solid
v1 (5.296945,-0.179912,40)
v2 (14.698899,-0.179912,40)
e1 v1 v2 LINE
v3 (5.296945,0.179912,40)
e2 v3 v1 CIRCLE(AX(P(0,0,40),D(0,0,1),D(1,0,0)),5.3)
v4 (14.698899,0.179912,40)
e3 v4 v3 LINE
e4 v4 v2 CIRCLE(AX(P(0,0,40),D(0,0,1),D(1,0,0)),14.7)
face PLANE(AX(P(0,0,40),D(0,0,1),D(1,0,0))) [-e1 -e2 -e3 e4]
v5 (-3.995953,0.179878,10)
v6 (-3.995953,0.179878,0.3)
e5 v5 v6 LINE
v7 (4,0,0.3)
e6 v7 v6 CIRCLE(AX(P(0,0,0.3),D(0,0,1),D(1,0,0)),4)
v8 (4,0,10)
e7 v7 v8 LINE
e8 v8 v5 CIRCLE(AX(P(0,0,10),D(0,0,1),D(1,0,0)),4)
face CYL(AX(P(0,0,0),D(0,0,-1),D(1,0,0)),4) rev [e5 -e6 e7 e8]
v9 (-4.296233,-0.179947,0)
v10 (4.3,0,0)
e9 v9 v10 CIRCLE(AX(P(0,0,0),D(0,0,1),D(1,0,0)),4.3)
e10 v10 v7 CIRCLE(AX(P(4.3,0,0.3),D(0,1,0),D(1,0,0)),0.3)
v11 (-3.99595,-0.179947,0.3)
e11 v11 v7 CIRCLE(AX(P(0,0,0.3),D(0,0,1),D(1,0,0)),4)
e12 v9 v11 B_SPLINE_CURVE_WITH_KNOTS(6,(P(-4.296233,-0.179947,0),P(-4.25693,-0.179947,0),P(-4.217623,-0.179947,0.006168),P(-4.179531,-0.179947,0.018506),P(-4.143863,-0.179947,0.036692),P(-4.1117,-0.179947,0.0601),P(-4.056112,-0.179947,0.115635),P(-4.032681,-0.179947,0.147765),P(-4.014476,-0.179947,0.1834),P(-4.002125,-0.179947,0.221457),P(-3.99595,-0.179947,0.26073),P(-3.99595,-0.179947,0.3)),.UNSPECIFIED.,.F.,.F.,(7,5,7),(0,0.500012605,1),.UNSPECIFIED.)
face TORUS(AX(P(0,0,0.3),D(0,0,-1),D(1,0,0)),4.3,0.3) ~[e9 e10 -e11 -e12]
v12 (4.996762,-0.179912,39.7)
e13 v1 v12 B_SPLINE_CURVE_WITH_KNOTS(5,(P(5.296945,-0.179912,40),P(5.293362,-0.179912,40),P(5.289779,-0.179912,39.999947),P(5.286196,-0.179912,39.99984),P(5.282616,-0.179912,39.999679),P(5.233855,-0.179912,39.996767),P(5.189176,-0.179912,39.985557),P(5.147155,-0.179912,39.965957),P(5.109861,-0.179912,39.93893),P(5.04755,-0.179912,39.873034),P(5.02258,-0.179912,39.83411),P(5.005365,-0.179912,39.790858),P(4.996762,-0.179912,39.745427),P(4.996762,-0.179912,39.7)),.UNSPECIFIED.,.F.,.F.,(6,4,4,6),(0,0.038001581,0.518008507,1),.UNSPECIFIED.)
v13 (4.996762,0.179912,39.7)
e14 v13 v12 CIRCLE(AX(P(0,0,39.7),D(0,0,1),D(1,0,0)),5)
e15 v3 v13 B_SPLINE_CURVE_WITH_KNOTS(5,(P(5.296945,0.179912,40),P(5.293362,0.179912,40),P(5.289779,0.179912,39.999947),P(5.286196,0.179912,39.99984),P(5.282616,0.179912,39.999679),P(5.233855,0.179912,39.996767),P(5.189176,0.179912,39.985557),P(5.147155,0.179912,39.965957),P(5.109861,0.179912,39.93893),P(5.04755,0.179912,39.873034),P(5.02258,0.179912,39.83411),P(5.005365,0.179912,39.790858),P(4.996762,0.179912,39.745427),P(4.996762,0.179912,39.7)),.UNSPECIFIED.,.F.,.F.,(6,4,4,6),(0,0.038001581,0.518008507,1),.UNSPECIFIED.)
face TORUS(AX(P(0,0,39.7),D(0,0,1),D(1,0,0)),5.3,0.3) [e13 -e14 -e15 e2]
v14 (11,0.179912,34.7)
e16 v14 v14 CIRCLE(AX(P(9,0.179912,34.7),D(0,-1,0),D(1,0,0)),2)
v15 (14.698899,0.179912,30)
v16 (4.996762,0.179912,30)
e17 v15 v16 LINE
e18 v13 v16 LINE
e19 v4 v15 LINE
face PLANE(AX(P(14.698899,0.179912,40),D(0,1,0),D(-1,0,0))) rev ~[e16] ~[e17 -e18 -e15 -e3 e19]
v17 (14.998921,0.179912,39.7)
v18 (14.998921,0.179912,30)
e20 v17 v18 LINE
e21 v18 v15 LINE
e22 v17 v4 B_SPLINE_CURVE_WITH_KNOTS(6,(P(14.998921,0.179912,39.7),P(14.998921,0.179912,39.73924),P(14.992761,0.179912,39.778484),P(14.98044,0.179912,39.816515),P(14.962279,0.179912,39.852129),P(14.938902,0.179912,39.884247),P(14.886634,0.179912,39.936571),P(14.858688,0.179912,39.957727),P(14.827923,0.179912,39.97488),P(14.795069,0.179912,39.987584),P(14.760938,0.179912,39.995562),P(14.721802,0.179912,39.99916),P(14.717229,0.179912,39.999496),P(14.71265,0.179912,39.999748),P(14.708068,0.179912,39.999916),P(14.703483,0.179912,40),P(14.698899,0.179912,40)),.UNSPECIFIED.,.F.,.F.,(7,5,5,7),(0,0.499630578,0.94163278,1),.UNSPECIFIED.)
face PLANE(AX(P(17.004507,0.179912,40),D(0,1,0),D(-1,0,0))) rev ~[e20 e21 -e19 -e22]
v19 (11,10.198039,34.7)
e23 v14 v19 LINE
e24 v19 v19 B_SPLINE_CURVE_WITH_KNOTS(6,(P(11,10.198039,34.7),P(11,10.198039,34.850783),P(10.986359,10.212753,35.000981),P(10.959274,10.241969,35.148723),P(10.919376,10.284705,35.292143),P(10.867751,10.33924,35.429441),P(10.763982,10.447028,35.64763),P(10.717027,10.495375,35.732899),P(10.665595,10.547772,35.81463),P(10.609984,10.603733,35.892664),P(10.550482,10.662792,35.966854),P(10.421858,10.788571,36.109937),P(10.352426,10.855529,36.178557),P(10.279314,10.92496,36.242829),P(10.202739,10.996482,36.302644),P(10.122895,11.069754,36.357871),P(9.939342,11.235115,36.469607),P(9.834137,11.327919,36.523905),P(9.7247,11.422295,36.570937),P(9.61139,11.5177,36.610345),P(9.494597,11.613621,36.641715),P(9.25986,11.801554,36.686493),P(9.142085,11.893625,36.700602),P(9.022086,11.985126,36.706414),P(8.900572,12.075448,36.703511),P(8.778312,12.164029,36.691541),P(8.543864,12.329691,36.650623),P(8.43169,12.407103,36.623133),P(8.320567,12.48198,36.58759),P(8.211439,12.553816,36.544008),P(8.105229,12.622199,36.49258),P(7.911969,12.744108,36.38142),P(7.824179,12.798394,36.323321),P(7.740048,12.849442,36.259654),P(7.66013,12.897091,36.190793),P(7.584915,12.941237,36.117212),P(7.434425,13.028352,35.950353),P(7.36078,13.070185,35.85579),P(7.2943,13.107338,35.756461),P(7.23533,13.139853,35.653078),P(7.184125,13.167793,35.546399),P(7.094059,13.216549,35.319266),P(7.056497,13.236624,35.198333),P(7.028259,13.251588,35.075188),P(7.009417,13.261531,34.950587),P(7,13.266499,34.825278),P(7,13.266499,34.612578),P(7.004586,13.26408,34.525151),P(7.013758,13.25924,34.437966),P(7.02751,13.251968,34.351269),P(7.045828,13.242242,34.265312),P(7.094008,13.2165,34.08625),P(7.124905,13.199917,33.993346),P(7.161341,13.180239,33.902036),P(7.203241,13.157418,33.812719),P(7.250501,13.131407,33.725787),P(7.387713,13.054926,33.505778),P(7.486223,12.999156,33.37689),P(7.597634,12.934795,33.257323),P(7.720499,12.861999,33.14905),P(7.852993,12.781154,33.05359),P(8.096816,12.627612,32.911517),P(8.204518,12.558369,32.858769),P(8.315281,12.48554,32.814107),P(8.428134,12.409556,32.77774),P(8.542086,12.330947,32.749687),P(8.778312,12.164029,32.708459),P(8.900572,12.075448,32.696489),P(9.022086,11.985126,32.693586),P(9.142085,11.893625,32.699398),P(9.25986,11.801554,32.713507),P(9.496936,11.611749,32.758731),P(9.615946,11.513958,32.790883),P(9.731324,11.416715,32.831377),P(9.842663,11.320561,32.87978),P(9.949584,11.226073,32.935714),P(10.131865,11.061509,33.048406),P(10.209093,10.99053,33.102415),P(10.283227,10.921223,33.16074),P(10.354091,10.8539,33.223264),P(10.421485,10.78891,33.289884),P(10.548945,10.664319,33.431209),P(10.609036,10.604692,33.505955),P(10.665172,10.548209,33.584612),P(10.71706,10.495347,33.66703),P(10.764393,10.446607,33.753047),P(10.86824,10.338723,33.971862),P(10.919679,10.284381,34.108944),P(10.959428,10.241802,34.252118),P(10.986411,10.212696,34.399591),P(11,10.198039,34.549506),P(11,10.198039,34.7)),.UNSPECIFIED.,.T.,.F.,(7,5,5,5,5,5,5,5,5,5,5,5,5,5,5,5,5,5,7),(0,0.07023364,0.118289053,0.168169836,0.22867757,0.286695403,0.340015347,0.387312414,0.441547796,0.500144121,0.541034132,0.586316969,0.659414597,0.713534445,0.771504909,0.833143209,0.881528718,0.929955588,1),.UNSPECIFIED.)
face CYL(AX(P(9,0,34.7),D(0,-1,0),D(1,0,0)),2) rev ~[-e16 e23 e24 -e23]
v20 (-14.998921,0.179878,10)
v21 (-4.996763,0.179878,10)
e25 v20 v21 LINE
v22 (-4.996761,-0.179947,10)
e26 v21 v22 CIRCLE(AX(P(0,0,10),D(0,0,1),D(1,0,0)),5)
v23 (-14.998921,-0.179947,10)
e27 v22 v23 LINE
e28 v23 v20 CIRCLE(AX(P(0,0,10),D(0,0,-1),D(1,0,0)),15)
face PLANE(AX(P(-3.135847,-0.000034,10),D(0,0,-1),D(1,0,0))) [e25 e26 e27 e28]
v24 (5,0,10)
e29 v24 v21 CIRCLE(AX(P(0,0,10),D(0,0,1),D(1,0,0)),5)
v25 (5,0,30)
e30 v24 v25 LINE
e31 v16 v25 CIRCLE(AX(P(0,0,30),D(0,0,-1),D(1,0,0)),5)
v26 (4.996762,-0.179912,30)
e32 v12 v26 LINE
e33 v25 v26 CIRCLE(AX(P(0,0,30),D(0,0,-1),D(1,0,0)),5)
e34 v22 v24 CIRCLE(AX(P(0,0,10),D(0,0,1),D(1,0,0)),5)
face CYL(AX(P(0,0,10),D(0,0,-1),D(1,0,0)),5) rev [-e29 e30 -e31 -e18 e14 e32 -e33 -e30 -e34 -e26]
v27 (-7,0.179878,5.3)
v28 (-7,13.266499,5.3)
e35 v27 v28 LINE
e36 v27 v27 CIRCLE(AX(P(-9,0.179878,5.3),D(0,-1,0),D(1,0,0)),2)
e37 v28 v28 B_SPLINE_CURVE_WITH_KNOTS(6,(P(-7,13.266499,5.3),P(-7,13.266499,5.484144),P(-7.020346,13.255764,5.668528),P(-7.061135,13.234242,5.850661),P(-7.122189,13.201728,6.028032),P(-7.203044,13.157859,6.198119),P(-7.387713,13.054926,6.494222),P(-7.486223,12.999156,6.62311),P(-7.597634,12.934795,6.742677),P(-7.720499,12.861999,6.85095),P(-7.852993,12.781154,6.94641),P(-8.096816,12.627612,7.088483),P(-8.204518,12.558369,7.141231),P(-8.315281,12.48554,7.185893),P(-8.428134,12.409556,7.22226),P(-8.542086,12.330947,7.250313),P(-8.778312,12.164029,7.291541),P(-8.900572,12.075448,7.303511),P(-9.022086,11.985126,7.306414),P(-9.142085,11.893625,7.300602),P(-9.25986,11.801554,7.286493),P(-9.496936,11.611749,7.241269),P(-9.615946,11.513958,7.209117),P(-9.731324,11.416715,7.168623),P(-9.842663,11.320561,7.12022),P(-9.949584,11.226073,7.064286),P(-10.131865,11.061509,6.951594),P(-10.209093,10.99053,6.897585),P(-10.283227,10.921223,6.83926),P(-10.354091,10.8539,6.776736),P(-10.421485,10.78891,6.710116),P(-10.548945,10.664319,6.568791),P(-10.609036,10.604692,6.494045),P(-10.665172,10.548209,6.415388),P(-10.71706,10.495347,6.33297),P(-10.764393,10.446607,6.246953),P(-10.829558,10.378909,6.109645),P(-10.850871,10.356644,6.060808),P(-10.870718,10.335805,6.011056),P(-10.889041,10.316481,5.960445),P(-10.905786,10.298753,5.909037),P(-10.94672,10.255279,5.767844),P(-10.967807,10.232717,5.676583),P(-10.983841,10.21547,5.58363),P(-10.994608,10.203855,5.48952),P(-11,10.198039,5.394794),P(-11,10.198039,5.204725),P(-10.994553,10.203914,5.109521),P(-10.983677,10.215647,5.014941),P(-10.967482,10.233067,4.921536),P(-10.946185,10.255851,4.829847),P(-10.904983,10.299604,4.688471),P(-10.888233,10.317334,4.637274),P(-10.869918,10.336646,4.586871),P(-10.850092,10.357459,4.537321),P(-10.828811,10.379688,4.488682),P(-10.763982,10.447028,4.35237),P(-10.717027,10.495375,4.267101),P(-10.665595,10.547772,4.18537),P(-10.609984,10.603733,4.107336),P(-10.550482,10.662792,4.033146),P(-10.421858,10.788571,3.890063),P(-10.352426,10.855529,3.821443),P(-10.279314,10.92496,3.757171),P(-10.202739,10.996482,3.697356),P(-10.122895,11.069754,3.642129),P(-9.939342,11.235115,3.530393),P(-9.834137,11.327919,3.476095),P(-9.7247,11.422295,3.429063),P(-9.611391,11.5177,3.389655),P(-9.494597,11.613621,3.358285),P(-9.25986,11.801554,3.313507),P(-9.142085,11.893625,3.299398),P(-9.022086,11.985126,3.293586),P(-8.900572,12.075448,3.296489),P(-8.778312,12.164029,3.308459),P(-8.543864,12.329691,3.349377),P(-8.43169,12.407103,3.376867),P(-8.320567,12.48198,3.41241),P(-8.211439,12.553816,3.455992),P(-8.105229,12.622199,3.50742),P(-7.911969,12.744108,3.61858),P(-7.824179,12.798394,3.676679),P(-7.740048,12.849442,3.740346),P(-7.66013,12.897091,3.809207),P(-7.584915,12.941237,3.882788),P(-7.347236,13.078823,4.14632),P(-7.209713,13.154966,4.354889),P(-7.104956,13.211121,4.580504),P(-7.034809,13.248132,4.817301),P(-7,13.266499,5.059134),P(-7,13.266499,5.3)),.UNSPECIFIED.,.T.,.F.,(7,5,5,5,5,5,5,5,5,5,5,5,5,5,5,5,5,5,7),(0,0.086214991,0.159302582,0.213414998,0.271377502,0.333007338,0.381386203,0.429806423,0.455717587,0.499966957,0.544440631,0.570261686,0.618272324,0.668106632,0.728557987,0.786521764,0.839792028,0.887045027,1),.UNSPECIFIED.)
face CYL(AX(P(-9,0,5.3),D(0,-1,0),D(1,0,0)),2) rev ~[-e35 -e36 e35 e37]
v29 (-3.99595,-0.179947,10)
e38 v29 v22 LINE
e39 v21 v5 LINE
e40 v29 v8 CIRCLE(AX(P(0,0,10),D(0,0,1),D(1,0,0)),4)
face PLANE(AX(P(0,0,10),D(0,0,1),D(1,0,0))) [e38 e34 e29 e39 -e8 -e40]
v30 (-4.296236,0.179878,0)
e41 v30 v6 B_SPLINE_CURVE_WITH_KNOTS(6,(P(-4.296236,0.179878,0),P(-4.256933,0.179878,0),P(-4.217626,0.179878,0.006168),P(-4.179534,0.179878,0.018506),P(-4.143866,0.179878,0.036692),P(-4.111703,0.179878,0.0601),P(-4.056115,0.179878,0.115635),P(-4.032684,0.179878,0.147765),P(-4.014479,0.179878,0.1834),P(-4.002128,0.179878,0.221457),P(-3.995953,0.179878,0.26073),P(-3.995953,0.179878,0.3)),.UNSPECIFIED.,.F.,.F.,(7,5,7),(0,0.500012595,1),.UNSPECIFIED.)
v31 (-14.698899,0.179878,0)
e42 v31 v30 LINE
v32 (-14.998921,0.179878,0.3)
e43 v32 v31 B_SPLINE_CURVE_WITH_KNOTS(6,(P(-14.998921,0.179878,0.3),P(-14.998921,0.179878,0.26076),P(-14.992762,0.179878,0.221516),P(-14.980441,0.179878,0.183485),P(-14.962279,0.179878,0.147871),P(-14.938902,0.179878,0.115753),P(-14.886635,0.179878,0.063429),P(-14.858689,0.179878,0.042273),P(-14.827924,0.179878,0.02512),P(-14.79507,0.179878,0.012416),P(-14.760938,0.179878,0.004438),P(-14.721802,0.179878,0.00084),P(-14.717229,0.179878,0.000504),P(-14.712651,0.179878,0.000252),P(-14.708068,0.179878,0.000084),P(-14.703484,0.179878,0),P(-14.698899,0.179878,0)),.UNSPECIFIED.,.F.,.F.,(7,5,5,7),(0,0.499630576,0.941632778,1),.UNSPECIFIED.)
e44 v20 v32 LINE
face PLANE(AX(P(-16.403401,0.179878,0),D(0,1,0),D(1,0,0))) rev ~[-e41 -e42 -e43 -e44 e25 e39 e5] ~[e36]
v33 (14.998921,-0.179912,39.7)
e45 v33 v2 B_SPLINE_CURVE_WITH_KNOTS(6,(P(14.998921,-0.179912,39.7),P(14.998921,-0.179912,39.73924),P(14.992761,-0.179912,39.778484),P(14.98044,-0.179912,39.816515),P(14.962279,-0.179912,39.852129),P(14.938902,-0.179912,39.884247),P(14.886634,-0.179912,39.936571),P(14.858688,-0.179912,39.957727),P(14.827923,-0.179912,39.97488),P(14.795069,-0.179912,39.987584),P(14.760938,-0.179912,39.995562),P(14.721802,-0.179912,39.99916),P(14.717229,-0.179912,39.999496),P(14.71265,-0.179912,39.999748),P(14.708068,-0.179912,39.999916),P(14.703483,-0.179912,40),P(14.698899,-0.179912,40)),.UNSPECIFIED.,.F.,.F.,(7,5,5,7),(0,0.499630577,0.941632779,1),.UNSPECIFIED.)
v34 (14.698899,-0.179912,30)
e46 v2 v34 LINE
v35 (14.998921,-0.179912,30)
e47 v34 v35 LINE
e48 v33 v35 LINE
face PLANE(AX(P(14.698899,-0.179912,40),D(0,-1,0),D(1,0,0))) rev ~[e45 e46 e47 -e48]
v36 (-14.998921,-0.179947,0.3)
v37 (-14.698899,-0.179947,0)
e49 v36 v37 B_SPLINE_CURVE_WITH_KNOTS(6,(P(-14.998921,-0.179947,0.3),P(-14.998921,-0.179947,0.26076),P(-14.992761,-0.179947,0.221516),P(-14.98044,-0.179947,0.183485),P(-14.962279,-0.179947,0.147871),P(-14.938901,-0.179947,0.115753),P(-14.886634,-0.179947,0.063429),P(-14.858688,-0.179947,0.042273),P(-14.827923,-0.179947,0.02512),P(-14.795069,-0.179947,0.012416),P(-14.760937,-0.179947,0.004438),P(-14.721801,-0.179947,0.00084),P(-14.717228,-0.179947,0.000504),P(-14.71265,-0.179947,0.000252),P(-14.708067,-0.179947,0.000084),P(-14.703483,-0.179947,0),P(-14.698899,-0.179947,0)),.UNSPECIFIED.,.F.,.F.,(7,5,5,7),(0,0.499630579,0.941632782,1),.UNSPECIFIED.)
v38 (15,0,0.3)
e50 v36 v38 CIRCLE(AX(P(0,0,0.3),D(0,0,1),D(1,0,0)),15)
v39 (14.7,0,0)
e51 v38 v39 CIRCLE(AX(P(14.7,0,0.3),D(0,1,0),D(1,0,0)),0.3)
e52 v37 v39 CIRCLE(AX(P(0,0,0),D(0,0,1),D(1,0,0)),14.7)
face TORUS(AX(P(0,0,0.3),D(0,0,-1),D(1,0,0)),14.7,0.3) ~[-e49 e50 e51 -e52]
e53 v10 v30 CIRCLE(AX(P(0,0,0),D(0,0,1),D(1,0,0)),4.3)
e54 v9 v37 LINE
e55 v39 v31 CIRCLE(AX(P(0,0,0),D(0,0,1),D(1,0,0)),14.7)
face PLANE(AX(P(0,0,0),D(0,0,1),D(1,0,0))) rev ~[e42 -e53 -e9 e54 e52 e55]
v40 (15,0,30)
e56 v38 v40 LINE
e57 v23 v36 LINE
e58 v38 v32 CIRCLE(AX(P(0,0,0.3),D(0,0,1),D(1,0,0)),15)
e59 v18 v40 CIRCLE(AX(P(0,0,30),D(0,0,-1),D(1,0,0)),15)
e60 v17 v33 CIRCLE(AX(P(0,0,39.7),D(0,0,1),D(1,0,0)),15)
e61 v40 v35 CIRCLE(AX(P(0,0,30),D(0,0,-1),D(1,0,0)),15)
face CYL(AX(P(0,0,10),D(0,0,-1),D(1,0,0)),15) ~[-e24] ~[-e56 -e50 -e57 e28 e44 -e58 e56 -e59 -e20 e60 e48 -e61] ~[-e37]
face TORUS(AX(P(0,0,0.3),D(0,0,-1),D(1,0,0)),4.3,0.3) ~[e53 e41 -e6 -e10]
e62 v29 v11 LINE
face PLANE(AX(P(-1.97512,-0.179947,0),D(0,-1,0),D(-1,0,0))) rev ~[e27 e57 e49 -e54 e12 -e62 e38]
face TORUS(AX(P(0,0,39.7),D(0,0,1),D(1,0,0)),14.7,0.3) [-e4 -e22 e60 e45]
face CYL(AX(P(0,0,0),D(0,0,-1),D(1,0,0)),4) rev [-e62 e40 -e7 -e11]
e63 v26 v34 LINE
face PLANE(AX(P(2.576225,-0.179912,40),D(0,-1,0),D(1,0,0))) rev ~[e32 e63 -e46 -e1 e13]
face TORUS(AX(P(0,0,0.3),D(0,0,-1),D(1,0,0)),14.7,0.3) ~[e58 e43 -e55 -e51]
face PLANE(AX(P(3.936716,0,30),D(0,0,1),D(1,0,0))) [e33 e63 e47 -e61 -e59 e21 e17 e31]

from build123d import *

# Parameters (mm, degrees)
F0_R      = 15
F0_R_2    = 4
F1_DEPTH  = 10
F2_R      = 15
F2_R_2    = 5
F3_DEPTH  = 30
F4_R      = 0.3
F5_R      = 0.3
F6_R      = 2
F7_DEPTH  = 20.34312
F9_DEPTH  = 10
F11_DEPTH = 10


with BuildPart() as f1:
    # F0 (on Top) → F1 (new body)
    with BuildSketch(Plane.XY):
        Circle(F0_R)
        Circle(F0_R_2, mode=Mode.SUBTRACT)
    extrude(amount=F1_DEPTH)

    # F2 (on face) → F3 (join)
    with BuildSketch(Plane.XY.offset(10)):
        Circle(F2_R)
        Circle(F2_R_2, mode=Mode.SUBTRACT)
    extrude(amount=F3_DEPTH)

    # F4
    f4_edges = [f1.edges().sort_by_distance(p)[0] for p in [
        (-15, 0, 40),
    ]]
    fillet(f4_edges, radius=F4_R)

    # F5
    f5_edges = [f1.edges().sort_by_distance(p)[0] for p in [
        (-15, 0, 0),
        (-5, 0, 40),
        (-4, 0, 0),
    ]]
    fillet(f5_edges, radius=F5_R)

    # F6 (on Front) → F7 (cut)
    with BuildSketch(Plane.XZ):
        with Locations((9, 34.7)):
            Circle(F6_R)
        with Locations((-9, 5.3)):
            Circle(F6_R)
    extrude(amount=-F7_DEPTH, mode=Mode.SUBTRACT)

    # F8 (on face) → F9 (cut)
    with BuildSketch(Plane.XY.offset(40)):
        with BuildLine():
            Line((2.5762253208, -0.1799123052), (5.2969454936, -0.1799123052))
            ThreePointArc((5.2969454936, -0.1799123052), (5.2992363184, -0.0899691164), (5.3, 0))
            ThreePointArc((5.3, 0), (5.2992363184, 0.0899691164), (5.2969454936, 0.1799123052))
            Line((5.2969454936, 0.1799123052), (2.5762253208, 0.1799123052))
            Line((2.5762253208, 0.1799123052), (2.5762253208, -0.1799123052))
        make_face()
        with BuildLine():
            Line((5.2969454936, -0.1799123052), (14.6988989915, -0.1799123052))
            ThreePointArc((14.6988989915, -0.1799123053), (14.6997247453, -0.0899578371), (14.7, 0))
            ThreePointArc((14.7, 0), (14.6997247453, 0.0899578371), (14.6988989915, 0.1799123053))
            Line((14.6988989915, 0.1799123052), (5.2969454936, 0.1799123052))
            ThreePointArc((5.2969454936, 0.1799123052), (5.2992363184, 0.0899691164), (5.3, 0))
            ThreePointArc((5.3, 0), (5.2992363184, -0.0899691164), (5.2969454936, -0.1799123052))
        make_face()
        with BuildLine():
            Line((14.6988989915, -0.1799123052), (17.0045065461, -0.1799123052))
            Line((17.0045065461, -0.1799123052), (17.0045065461, 0.1799123052))
            Line((17.0045065461, 0.1799123052), (14.6988989915, 0.1799123052))
            ThreePointArc((14.6988989915, 0.1799123053), (14.6997247453, 0.0899578371), (14.7, 0))
            ThreePointArc((14.7, 0), (14.6997247453, -0.0899578371), (14.6988989915, -0.1799123053))
        make_face()
    extrude(amount=-F9_DEPTH, mode=Mode.SUBTRACT)

    # F10 (on face) → F11 (cut)
    with BuildSketch(Plane(origin=(0, 0, 0), x_dir=(1, 0, 0), z_dir=(0, 0, -1))):
        with BuildLine():
            Line((-4.2962360163, -0.1798779937), (-1.9751195796, -0.1798779937))
            Line((-1.9751195796, -0.1798779937), (-1.9751195796, 0.1799466168))
            Line((-1.9751195796, 0.1799466168), (-4.2962331425, 0.1799466168))
            ThreePointArc((-4.2962331425, 0.1799466168), (-4.2999999999, 3.43417e-05), (-4.2962360163, -0.1798779937))
        make_face()
        with BuildLine():
            Line((-14.6988994114, -0.1798779937), (-4.2962360163, -0.1798779937))
            ThreePointArc((-4.2962360163, -0.1798779937), (-4.2999999999, 3.43417e-05), (-4.2962331425, 0.1799466168))
            Line((-4.2962331425, 0.1799466168), (-14.6988985715, 0.1799466168))
            ThreePointArc((-14.6988985715, 0.1799466168), (-14.7, 3.43142e-05), (-14.6988994114, -0.1798779937))
        make_face()
        with BuildLine():
            Line((-16.4034008048, -0.1798779937), (-14.6988994114, -0.1798779937))
            ThreePointArc((-14.6988994114, -0.1798779937), (-14.7, 3.43142e-05), (-14.6988985715, 0.1799466168))
            Line((-14.6988985715, 0.1799466168), (-16.4034008048, 0.1799466168))
            Line((-16.4034008048, 0.1799466168), (-16.4034008048, -0.1798779937))
        make_face()
    extrude(amount=-F11_DEPTH, mode=Mode.SUBTRACT)


solid = f1.part
